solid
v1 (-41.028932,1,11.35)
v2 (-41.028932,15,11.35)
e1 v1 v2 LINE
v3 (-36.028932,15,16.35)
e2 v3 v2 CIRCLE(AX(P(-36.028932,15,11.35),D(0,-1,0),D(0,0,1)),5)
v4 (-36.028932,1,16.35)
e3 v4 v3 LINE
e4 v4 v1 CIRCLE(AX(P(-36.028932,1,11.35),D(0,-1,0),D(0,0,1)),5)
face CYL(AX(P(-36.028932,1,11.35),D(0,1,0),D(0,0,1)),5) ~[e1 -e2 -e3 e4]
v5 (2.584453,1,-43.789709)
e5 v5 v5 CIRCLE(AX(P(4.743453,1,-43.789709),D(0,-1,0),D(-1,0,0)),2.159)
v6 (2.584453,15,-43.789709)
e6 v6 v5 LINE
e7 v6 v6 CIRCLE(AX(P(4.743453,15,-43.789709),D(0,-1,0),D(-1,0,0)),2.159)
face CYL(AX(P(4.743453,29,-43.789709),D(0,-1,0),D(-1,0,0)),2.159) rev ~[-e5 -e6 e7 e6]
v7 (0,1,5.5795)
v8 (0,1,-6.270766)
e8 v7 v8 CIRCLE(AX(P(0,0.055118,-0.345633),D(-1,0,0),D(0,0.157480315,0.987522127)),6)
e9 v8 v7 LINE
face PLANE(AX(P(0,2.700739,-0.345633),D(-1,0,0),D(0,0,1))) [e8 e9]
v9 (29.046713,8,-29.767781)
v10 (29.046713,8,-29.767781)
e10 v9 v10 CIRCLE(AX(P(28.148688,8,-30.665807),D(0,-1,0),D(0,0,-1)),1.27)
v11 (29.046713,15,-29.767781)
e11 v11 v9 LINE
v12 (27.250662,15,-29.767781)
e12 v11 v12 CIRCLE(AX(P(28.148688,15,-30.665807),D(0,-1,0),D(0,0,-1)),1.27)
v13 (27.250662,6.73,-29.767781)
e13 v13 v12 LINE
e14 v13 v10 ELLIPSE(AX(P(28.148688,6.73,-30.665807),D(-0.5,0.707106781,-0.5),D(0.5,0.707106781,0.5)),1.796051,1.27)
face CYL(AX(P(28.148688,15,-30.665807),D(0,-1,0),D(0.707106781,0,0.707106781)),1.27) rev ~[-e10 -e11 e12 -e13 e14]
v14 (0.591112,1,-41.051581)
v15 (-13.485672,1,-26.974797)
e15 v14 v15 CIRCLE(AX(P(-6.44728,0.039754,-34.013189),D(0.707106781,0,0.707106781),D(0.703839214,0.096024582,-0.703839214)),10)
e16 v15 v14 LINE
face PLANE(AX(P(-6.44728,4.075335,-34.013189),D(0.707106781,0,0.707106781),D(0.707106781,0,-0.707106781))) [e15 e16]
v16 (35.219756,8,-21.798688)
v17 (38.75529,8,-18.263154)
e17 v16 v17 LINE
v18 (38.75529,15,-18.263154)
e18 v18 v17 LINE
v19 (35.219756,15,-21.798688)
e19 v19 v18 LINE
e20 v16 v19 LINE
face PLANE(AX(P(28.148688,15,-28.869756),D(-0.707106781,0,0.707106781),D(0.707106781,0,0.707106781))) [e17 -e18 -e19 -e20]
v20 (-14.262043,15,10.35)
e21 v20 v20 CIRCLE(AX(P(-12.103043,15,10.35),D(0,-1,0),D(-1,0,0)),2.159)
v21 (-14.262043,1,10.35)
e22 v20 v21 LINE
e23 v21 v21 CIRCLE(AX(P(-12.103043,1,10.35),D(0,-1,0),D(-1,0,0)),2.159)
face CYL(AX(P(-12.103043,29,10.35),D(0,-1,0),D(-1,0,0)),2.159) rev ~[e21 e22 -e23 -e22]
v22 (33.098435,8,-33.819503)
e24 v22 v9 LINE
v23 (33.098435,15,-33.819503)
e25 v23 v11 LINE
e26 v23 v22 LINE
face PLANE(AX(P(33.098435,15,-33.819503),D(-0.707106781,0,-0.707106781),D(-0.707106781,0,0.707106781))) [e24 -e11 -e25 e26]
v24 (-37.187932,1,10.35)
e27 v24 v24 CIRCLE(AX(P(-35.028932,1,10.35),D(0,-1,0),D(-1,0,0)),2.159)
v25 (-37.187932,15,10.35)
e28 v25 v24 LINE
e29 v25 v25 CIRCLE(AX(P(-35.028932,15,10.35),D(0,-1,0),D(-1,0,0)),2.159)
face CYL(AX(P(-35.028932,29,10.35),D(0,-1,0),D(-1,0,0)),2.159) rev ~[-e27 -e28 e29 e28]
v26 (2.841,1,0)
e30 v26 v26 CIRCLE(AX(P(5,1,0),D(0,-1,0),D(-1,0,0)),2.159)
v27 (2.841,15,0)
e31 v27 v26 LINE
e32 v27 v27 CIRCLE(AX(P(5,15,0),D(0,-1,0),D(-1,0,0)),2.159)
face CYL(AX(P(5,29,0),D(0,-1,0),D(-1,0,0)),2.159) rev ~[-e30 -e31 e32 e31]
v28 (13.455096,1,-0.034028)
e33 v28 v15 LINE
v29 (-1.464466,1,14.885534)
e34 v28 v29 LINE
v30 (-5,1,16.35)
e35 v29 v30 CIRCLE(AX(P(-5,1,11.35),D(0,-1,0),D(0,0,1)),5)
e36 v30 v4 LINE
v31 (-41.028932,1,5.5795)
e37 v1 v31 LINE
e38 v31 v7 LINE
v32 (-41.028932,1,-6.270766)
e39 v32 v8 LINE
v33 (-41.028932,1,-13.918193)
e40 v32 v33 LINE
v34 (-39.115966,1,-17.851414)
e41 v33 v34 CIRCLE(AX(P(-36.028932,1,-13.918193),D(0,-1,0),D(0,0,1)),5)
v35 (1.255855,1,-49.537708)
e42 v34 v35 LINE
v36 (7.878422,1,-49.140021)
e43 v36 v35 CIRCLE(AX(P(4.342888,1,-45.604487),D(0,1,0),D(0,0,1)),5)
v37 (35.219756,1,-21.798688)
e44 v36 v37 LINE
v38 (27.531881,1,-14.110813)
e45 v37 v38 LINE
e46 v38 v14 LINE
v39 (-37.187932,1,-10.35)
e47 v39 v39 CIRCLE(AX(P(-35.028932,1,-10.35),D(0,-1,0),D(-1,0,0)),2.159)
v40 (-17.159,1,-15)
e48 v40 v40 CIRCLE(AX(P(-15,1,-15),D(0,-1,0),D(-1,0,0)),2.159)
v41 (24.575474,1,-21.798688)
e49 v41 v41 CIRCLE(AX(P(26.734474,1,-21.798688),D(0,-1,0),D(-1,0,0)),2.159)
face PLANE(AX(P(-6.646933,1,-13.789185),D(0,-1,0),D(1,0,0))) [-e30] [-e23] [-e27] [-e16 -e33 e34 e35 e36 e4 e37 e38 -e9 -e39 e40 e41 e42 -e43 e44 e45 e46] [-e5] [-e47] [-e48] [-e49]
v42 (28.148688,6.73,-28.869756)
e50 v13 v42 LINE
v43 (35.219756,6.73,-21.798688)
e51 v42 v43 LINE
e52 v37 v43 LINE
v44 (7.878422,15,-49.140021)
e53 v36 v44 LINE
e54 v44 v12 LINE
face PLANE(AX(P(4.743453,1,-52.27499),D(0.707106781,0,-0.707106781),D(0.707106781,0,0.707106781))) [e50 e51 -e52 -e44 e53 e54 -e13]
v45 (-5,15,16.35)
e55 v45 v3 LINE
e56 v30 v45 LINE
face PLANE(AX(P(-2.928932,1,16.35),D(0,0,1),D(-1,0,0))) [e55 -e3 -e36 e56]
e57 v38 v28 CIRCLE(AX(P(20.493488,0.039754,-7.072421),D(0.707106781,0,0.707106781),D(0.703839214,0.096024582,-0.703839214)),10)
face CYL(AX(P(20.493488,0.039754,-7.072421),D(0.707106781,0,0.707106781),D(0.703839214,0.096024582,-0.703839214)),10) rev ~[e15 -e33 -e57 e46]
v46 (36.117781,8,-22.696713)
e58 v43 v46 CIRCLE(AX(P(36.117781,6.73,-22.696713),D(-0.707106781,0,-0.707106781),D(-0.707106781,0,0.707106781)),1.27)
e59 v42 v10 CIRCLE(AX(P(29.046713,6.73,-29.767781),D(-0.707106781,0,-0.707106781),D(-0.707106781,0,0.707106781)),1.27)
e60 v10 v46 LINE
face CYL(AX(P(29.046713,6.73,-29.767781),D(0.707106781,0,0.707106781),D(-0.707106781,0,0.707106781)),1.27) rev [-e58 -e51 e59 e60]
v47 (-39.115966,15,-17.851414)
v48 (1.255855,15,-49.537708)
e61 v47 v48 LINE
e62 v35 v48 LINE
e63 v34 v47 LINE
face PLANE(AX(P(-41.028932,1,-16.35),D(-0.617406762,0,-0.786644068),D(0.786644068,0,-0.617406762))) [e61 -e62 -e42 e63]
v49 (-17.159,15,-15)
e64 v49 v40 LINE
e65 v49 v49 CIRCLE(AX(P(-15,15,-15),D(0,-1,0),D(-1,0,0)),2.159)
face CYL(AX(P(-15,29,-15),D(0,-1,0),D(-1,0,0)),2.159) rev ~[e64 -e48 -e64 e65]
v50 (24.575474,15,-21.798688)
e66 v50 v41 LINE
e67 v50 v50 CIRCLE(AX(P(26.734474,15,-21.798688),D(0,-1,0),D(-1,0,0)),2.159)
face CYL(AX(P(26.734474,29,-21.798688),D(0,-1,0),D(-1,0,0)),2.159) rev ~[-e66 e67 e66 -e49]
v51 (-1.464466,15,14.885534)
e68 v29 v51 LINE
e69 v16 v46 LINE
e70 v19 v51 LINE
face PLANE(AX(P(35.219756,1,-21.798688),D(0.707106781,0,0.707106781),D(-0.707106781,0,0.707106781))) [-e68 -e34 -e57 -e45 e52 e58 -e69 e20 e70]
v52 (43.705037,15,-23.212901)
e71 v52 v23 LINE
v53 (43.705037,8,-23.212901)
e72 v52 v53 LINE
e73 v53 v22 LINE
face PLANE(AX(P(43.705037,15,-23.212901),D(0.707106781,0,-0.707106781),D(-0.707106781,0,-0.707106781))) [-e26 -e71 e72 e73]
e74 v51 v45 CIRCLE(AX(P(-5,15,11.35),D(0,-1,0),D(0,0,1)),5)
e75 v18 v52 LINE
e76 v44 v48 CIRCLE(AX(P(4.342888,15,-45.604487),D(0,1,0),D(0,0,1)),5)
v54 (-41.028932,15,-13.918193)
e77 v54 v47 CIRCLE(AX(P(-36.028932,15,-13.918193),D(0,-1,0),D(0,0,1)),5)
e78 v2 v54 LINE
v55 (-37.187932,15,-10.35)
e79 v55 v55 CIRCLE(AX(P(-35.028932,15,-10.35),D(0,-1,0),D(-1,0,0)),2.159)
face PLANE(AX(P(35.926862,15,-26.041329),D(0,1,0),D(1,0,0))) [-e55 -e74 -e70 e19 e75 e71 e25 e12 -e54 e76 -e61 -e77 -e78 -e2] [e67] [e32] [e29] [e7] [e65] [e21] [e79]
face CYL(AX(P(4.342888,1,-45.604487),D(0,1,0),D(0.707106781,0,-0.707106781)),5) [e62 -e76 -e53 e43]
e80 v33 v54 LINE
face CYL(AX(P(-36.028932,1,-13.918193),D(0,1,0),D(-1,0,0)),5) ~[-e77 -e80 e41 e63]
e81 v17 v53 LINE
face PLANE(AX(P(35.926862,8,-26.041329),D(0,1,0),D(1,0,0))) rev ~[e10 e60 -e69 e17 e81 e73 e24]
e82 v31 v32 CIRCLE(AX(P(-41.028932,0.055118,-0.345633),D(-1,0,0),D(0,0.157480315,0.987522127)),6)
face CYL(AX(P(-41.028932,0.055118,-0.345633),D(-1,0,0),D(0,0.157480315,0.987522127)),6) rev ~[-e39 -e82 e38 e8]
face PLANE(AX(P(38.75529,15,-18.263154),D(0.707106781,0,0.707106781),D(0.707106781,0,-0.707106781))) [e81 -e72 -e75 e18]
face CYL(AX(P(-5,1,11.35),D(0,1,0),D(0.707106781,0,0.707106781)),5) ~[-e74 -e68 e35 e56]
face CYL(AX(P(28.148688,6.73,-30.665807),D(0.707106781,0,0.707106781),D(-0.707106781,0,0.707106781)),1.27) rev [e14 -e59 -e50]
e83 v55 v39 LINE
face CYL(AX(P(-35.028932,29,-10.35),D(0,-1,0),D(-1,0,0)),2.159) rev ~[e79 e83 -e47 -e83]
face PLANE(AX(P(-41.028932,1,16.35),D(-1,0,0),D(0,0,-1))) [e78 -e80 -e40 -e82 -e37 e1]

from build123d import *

# Parameters (mm, degrees)
EXTRUDE_1_DEPTH        = 14
EXTRUDE_2_DEPTH        = 7
CUT_EXTRUDE_1_DEPTH    = 38.1
CUT_EXTRUDE_2_DEPTH    = 41.028932188
HOLE_WIZARD_M4_1_D     = 4.318
HOLE_WIZARD_M4_1_DEPTH = 14
FILLET_1_R             = 5
FILLET_3_R             = 1.27
FILLET_4_R             = 1.27


with BuildPart() as part:
    # 草图1 → 凸台-拉伸1 (new body)
    with BuildSketch(Plane.XZ.offset(-1)):
        Polygon((4.743453393, -52.27499012), (35.219755662, -21.79868785), (-2.928932188, 16.35), (-41.028932188, 16.35), (-41.028932188, -16.35), align=None)
    extrude(amount=-EXTRUDE_1_DEPTH)

    # 草图2 → 凸台-拉伸2 (add)
    with BuildSketch(Plane(origin=(0, 15, 0), x_dir=(1, 0, 0), z_dir=(0, 1, 0))):
        Polygon((35.219755662, 21.79868785), (38.755289568, 18.263153944), (43.705037037, 23.212901413), (33.098435319, 33.819503131), (28.14868785, 28.869755662), align=None)
    extrude(amount=-EXTRUDE_2_DEPTH)

    # 草图3 → 切除-拉伸1 (cut)
    with BuildSketch(Plane(origin=(6.710533906, 0, 6.710533906), x_dir=(0.707106781, 0, -0.707106781), z_dir=(0.707106781, 0, 0.707106781))):
        with BuildLine():
            Line((9.538251542, 1), (29.445830798, 1))
            ThreePointArc((29.445830798, 1), (19.49204117, 10.039754177), (9.538251542, 1))
        make_face()
    extrude(amount=-CUT_EXTRUDE_1_DEPTH, mode=Mode.SUBTRACT)

    # 草图4 → 切除-拉伸2 (cut)
    with BuildSketch(Plane.ZY.offset(41.028932188)):
        with BuildLine():
            Line((-6.270765504, 1), (5.579500015, 1))
            ThreePointArc((5.579500015, 1), (-0.345632744, 6.05511811), (-6.270765504, 1))
        make_face()
    extrude(amount=-CUT_EXTRUDE_2_DEPTH, mode=Mode.SUBTRACT)

    # M4 间隙孔1
    with Locations(Plane(origin=(0, 15, 0), x_dir=(1, 0, 0), z_dir=(0, 1, 0))):
        with Locations((-35.028932188, -10.35), (5, 0), (-15, 15), (-12.103043109, -10.35), (-35.028932188, 10.35), (4.743453393, 43.789708745), (26.734474288, 21.79868785)):
            Hole(HOLE_WIZARD_M4_1_D / 2, depth=HOLE_WIZARD_M4_1_DEPTH)

    # 圆角1
    fillet_1_edges = [part.edges().sort_by_distance(p)[0] for p in [
        (-41.028932188, 8, -16.35),
        (-41.028932188, 8, 16.35),
        (-2.928932188, 8, 16.35),
        (4.743453393, 8, -52.27499012),
    ]]
    fillet(fillet_1_edges, radius=FILLET_1_R)

    # 圆角3
    fillet_3_edges = [part.edges().sort_by_distance(p)[0] for p in [
        (28.14868785, 11.5, -28.869755662),
    ]]
    fillet(fillet_3_edges, radius=FILLET_3_R)

    # 圆角4
    fillet_4_edges = [part.edges().sort_by_distance(p)[0] for p in [
        (31.684221756, 8, -25.334221756),
    ]]
    fillet(fillet_4_edges, radius=FILLET_4_R)


solid = part.part
